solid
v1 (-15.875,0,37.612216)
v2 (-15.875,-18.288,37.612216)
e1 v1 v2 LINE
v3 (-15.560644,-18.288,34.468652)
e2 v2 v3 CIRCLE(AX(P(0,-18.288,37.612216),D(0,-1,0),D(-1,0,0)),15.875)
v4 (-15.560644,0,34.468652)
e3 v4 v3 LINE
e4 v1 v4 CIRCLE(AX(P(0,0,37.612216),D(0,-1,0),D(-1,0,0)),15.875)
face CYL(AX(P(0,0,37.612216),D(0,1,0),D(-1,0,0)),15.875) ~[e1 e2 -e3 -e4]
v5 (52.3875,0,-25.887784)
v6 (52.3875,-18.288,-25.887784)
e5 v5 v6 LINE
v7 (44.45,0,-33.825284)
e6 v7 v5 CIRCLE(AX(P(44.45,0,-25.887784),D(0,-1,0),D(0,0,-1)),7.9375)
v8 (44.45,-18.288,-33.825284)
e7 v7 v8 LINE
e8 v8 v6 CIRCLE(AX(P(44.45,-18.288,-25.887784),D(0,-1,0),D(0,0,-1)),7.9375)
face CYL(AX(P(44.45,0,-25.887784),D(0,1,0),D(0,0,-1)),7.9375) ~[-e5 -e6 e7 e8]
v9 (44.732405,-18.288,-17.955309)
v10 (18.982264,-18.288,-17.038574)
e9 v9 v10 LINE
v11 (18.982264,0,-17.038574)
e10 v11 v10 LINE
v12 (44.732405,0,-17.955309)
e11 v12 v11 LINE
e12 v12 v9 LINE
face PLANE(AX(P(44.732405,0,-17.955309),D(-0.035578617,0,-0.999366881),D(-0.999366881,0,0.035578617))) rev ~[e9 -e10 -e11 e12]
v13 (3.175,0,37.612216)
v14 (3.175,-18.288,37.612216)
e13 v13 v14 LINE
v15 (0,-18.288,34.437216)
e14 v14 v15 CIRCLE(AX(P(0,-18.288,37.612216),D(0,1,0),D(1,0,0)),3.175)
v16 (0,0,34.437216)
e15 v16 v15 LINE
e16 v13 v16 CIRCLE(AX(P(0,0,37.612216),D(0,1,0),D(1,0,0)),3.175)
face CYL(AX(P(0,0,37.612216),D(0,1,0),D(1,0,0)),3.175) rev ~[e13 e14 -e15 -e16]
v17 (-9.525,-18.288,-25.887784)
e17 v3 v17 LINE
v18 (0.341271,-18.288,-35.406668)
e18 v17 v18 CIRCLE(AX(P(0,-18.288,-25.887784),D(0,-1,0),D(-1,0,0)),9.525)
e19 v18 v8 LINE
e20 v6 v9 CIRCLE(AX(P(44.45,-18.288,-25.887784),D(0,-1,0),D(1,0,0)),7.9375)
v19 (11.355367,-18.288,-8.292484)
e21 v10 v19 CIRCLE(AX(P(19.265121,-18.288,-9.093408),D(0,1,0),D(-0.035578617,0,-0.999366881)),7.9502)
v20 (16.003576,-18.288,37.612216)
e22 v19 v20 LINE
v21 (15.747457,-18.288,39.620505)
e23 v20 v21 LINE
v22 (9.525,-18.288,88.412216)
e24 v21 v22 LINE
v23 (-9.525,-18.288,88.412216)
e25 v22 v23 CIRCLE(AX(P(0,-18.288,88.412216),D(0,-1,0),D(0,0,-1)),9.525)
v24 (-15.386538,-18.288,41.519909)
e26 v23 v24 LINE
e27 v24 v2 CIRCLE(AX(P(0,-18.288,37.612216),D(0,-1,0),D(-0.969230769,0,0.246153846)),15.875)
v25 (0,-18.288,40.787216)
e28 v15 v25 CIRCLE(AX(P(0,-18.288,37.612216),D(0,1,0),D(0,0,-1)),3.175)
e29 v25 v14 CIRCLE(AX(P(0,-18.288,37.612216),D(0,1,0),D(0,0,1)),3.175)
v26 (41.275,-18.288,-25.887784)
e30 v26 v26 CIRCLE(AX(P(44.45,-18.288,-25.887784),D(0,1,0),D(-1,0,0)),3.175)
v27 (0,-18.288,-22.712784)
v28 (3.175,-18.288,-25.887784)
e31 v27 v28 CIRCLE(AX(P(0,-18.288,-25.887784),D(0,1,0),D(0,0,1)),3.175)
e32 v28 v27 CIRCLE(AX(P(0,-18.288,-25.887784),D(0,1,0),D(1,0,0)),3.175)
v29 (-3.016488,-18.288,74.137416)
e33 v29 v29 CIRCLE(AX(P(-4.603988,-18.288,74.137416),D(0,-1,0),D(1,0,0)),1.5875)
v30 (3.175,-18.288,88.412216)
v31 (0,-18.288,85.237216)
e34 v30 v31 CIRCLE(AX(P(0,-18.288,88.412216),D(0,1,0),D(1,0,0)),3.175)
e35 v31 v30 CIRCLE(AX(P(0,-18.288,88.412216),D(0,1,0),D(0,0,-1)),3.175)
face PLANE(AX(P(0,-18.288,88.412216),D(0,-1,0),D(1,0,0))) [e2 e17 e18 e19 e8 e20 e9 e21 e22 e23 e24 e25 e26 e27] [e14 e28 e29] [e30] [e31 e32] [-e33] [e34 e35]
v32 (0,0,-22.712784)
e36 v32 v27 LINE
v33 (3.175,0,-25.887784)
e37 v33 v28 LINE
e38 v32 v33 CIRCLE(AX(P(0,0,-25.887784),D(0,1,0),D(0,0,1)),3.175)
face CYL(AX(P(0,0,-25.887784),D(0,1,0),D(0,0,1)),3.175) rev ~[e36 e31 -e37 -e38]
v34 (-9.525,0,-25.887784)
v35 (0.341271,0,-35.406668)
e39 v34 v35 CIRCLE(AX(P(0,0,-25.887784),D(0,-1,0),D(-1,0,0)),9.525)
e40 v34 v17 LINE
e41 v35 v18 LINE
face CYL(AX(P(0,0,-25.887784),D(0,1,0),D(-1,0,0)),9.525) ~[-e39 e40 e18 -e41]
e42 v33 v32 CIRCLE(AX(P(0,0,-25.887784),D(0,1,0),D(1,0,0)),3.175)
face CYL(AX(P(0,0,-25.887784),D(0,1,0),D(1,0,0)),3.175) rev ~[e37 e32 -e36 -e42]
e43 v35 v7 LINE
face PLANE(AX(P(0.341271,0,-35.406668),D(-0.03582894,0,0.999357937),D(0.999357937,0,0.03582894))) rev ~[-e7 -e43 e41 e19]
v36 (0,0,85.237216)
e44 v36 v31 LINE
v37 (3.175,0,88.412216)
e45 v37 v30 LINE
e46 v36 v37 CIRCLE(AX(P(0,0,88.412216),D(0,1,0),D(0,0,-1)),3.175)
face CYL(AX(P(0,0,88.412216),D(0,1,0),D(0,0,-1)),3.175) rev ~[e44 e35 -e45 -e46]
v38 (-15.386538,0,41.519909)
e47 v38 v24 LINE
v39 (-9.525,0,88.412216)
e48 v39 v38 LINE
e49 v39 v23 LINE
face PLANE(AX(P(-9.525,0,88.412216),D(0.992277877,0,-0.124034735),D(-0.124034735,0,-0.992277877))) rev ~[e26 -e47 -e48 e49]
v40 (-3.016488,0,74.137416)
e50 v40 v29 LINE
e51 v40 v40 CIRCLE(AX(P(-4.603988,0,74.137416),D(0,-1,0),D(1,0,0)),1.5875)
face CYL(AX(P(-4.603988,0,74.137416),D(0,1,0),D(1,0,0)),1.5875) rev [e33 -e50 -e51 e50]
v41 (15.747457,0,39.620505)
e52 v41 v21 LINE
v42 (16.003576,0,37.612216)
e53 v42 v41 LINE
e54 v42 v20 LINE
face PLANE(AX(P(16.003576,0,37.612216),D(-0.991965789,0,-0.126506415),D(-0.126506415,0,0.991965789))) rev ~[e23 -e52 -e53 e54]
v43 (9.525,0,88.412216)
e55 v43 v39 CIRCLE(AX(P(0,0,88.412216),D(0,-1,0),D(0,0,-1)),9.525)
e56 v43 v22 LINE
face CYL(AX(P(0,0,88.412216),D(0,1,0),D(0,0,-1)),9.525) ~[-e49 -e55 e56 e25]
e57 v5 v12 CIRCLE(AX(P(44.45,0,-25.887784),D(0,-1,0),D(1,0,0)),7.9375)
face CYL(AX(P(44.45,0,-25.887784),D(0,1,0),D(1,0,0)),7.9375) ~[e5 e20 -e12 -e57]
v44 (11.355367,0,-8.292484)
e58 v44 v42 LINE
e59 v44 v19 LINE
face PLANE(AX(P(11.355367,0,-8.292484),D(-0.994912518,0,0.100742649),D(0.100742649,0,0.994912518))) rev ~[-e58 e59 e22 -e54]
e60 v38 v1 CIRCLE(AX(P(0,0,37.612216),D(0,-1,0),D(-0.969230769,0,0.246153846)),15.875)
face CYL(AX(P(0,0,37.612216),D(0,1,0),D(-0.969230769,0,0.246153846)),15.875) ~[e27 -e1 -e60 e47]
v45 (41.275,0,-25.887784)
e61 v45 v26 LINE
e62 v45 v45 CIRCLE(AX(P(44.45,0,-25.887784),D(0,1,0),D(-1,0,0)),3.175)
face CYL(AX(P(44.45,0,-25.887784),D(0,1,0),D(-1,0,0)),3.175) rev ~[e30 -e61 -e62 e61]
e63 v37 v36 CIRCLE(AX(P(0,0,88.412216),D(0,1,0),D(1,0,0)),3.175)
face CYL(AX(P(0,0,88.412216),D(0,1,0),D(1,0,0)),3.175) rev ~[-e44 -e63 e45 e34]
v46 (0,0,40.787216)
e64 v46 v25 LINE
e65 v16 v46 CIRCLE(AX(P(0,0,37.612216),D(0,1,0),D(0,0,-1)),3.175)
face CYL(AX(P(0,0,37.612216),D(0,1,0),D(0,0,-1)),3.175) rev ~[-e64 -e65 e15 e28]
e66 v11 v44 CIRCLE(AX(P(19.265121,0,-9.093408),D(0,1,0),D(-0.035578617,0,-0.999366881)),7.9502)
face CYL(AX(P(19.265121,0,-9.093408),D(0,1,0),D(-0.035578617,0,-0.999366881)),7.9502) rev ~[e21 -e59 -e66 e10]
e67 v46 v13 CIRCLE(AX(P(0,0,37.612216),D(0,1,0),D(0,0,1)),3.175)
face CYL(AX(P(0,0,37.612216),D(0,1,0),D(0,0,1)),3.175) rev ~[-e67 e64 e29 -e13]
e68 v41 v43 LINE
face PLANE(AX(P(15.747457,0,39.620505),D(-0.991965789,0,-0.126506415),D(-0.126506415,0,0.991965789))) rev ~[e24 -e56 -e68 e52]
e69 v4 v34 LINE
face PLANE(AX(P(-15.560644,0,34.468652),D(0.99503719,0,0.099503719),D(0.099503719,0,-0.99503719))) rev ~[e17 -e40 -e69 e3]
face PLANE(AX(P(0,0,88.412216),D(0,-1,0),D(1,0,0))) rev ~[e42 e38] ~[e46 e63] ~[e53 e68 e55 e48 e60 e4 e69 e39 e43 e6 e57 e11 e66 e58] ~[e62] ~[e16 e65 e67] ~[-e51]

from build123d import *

# Parameters (mm, degrees)
F0_R     = 1.5875
F1_DEPTH = 18.288


with BuildPart() as f1:
    # F0 (on Front) → F1 (new body)
    with BuildSketch(Plane.XZ):
        with BuildLine():
            ThreePointArc((0, 78.8872162204), (6.7351920908, 81.6770241296), (9.525, 88.4122162204))
            ThreePointArc((9.525, 88.4122162204), (0, 97.9372162204), (-9.525, 88.4122162204))
            ThreePointArc((-9.525, 88.4122162204), (-6.7351920908, 81.6770241296), (0, 78.8872162204))
        make_face()
        with BuildLine():
            ThreePointArc((3.175, 88.4122162204), (2.2450640303, 86.1671521901), (0, 85.2372162204))
            ThreePointArc((0, 85.2372162204), (-2.2450640303, 90.6572802506), (3.175, 88.4122162204))
        make_face(mode=Mode.SUBTRACT)
        with BuildLine():
            Line((15.7474569397, 39.6205052763), (9.525, 88.4122162204))
            ThreePointArc((9.525, 88.4122162204), (6.7351920908, 81.6770241296), (0, 78.8872162204))
            Line((0, 78.8872162204), (0, 53.4872162204))
            ThreePointArc((0, 53.4872162204), (10.4912829586, 49.5264349057), (15.7474569397, 39.6205052763))
        make_face()
        with BuildLine():
            ThreePointArc((0, 78.8872162204), (-6.7351920908, 81.6770241296), (-9.525, 88.4122162204))
            Line((-9.525, 88.4122162204), (-15.3865384615, 41.5199085281))
            ThreePointArc((-15.3865384615, 41.5199085281), (-9.7463072395, 50.1431826712), (0, 53.4872162204))
            Line((0, 53.4872162204), (0, 78.8872162204))
        make_face()
        with Locations((-4.6039875597, 74.1374162204)):
            Circle(F0_R, mode=Mode.SUBTRACT)
        with BuildLine():
            Line((16.0035761028, 37.6122162204), (15.7474569397, 39.6205052763))
            ThreePointArc((15.7474569397, 39.6205052763), (15.8430821483, 38.6183837219), (15.875, 37.6122162204))
            ThreePointArc((15.875, 37.6122162204), (11.2253201513, 26.386896069), (0, 21.7372162204))
            Line((0, 21.7372162204), (0, -16.3627837796))
            ThreePointArc((0, -16.3627837796), (6.7351920908, -19.1525916888), (9.525, -25.8877837796))
            Line((9.525, -25.8877837796), (36.5125, -25.8877837796))
            ThreePointArc((36.5125, -25.8877837796), (38.9380895153, -20.1761509957), (44.7324052746, -17.9553091651))
            Line((44.7324052746, -17.9553091651), (18.9822637558, -17.0385743328))
            ThreePointArc((18.9822637558, -17.0385743328), (13.2731893708, -14.3185811381), (11.3553673773, -8.2924835523))
            Line((11.3553673773, -8.2924835523), (16.0035761028, 37.6122162204))
        make_face()
        with BuildLine():
            ThreePointArc((15.875, 37.6122162204), (15.8430821483, 38.6183837219), (15.7474569397, 39.6205052763))
            ThreePointArc((15.7474569397, 39.6205052763), (10.4912829586, 49.5264349057), (0, 53.4872162204))
            Line((0, 53.4872162204), (0, 40.7872162204))
            ThreePointArc((0, 40.7872162204), (2.2450640303, 39.8572802506), (3.175, 37.6122162204))
            ThreePointArc((3.175, 37.6122162204), (2.2450640303, 35.3671521901), (0, 34.4372162204))
            Line((0, 34.4372162204), (0, 21.7372162204))
            ThreePointArc((0, 21.7372162204), (11.2253201513, 26.386896069), (15.875, 37.6122162204))
        make_face()
        with BuildLine():
            Line((-15.875, 37.6122162204), (-15.3865384615, 41.5199085281))
            ThreePointArc((-15.3865384615, 41.5199085281), (-15.7524112928, 39.581267632), (-15.875, 37.6122162204))
        make_face()
        with BuildLine():
            ThreePointArc((0, 53.4872162204), (-9.7463072395, 50.1431826712), (-15.3865384615, 41.5199085281))
            Line((-15.3865384615, 41.5199085281), (-15.875, 37.6122162204))
            Line((-15.875, 37.6122162204), (-15.5606435644, 34.4686518639))
            ThreePointArc((-15.5606435644, 34.4686518639), (-10.0526499203, 25.3256440955), (0, 21.7372162204))
            Line((0, 21.7372162204), (0, 34.4372162204))
            ThreePointArc((0, 34.4372162204), (-3.175, 37.6122162204), (0, 40.7872162204))
            Line((0, 40.7872162204), (0, 53.4872162204))
        make_face()
        with BuildLine():
            Line((-15.5606435644, 34.4686518639), (-15.875, 37.6122162204))
            ThreePointArc((-15.875, 37.6122162204), (-15.7962153946, 36.0325946809), (-15.5606435644, 34.4686518639))
        make_face()
        with BuildLine():
            Line((0, -16.3627837796), (0, 21.7372162204))
            ThreePointArc((0, 21.7372162204), (-10.0526499203, 25.3256440955), (-15.5606435644, 34.4686518639))
            Line((-15.5606435644, 34.4686518639), (-9.525, -25.8877837796))
            ThreePointArc((-9.525, -25.8877837796), (-6.7351920908, -19.1525916888), (0, -16.3627837796))
        make_face()
        with BuildLine():
            Line((0, -22.7127837796), (0, -16.3627837796))
            ThreePointArc((0, -16.3627837796), (-6.7351920908, -19.1525916888), (-9.525, -25.8877837796))
            ThreePointArc((-9.525, -25.8877837796), (-6.6134341631, -32.7425714182), (0.3412705658, -35.4066681366))
            ThreePointArc((0.3412705658, -35.4066681366), (6.8547876386, -32.5012179428), (9.525, -25.8877837796))
            Line((9.525, -25.8877837796), (3.175, -25.8877837796))
            ThreePointArc((3.175, -25.8877837796), (-2.2450640303, -28.1328478099), (0, -22.7127837796))
        make_face()
        with BuildLine():
            Line((36.5125, -25.8877837796), (9.525, -25.8877837796))
            ThreePointArc((9.525, -25.8877837796), (6.8547876386, -32.5012179428), (0.3412705658, -35.4066681366))
            Line((0.3412705658, -35.4066681366), (44.45, -33.8252837796))
            ThreePointArc((44.45, -33.8252837796), (38.8373399243, -31.5004438553), (36.5125, -25.8877837796))
        make_face()
        with BuildLine():
            ThreePointArc((52.3875, -25.8877837796), (50.1616327839, -20.3758732949), (44.7324052746, -17.9553091651))
            ThreePointArc((44.7324052746, -17.9553091651), (38.9380895153, -20.1761509957), (36.5125, -25.8877837796))
            ThreePointArc((36.5125, -25.8877837796), (38.8373399243, -31.5004438553), (44.45, -33.8252837796))
            ThreePointArc((44.45, -33.8252837796), (50.0626600757, -31.5004438553), (52.3875, -25.8877837796))
        make_face()
        with BuildLine():
            ThreePointArc((47.625, -25.8877837796), (44.45, -29.0627837796), (41.275, -25.8877837796))
            ThreePointArc((41.275, -25.8877837796), (44.45, -22.7127837796), (47.625, -25.8877837796))
        make_face(mode=Mode.SUBTRACT)
        with BuildLine():
            ThreePointArc((9.525, -25.8877837796), (6.7351920908, -19.1525916888), (0, -16.3627837796))
            Line((0, -16.3627837796), (0, -22.7127837796))
            ThreePointArc((0, -22.7127837796), (2.2450640303, -23.6427197494), (3.175, -25.8877837796))
            Line((3.175, -25.8877837796), (9.525, -25.8877837796))
        make_face()
    extrude(amount=F1_DEPTH)


solid = f1.part
